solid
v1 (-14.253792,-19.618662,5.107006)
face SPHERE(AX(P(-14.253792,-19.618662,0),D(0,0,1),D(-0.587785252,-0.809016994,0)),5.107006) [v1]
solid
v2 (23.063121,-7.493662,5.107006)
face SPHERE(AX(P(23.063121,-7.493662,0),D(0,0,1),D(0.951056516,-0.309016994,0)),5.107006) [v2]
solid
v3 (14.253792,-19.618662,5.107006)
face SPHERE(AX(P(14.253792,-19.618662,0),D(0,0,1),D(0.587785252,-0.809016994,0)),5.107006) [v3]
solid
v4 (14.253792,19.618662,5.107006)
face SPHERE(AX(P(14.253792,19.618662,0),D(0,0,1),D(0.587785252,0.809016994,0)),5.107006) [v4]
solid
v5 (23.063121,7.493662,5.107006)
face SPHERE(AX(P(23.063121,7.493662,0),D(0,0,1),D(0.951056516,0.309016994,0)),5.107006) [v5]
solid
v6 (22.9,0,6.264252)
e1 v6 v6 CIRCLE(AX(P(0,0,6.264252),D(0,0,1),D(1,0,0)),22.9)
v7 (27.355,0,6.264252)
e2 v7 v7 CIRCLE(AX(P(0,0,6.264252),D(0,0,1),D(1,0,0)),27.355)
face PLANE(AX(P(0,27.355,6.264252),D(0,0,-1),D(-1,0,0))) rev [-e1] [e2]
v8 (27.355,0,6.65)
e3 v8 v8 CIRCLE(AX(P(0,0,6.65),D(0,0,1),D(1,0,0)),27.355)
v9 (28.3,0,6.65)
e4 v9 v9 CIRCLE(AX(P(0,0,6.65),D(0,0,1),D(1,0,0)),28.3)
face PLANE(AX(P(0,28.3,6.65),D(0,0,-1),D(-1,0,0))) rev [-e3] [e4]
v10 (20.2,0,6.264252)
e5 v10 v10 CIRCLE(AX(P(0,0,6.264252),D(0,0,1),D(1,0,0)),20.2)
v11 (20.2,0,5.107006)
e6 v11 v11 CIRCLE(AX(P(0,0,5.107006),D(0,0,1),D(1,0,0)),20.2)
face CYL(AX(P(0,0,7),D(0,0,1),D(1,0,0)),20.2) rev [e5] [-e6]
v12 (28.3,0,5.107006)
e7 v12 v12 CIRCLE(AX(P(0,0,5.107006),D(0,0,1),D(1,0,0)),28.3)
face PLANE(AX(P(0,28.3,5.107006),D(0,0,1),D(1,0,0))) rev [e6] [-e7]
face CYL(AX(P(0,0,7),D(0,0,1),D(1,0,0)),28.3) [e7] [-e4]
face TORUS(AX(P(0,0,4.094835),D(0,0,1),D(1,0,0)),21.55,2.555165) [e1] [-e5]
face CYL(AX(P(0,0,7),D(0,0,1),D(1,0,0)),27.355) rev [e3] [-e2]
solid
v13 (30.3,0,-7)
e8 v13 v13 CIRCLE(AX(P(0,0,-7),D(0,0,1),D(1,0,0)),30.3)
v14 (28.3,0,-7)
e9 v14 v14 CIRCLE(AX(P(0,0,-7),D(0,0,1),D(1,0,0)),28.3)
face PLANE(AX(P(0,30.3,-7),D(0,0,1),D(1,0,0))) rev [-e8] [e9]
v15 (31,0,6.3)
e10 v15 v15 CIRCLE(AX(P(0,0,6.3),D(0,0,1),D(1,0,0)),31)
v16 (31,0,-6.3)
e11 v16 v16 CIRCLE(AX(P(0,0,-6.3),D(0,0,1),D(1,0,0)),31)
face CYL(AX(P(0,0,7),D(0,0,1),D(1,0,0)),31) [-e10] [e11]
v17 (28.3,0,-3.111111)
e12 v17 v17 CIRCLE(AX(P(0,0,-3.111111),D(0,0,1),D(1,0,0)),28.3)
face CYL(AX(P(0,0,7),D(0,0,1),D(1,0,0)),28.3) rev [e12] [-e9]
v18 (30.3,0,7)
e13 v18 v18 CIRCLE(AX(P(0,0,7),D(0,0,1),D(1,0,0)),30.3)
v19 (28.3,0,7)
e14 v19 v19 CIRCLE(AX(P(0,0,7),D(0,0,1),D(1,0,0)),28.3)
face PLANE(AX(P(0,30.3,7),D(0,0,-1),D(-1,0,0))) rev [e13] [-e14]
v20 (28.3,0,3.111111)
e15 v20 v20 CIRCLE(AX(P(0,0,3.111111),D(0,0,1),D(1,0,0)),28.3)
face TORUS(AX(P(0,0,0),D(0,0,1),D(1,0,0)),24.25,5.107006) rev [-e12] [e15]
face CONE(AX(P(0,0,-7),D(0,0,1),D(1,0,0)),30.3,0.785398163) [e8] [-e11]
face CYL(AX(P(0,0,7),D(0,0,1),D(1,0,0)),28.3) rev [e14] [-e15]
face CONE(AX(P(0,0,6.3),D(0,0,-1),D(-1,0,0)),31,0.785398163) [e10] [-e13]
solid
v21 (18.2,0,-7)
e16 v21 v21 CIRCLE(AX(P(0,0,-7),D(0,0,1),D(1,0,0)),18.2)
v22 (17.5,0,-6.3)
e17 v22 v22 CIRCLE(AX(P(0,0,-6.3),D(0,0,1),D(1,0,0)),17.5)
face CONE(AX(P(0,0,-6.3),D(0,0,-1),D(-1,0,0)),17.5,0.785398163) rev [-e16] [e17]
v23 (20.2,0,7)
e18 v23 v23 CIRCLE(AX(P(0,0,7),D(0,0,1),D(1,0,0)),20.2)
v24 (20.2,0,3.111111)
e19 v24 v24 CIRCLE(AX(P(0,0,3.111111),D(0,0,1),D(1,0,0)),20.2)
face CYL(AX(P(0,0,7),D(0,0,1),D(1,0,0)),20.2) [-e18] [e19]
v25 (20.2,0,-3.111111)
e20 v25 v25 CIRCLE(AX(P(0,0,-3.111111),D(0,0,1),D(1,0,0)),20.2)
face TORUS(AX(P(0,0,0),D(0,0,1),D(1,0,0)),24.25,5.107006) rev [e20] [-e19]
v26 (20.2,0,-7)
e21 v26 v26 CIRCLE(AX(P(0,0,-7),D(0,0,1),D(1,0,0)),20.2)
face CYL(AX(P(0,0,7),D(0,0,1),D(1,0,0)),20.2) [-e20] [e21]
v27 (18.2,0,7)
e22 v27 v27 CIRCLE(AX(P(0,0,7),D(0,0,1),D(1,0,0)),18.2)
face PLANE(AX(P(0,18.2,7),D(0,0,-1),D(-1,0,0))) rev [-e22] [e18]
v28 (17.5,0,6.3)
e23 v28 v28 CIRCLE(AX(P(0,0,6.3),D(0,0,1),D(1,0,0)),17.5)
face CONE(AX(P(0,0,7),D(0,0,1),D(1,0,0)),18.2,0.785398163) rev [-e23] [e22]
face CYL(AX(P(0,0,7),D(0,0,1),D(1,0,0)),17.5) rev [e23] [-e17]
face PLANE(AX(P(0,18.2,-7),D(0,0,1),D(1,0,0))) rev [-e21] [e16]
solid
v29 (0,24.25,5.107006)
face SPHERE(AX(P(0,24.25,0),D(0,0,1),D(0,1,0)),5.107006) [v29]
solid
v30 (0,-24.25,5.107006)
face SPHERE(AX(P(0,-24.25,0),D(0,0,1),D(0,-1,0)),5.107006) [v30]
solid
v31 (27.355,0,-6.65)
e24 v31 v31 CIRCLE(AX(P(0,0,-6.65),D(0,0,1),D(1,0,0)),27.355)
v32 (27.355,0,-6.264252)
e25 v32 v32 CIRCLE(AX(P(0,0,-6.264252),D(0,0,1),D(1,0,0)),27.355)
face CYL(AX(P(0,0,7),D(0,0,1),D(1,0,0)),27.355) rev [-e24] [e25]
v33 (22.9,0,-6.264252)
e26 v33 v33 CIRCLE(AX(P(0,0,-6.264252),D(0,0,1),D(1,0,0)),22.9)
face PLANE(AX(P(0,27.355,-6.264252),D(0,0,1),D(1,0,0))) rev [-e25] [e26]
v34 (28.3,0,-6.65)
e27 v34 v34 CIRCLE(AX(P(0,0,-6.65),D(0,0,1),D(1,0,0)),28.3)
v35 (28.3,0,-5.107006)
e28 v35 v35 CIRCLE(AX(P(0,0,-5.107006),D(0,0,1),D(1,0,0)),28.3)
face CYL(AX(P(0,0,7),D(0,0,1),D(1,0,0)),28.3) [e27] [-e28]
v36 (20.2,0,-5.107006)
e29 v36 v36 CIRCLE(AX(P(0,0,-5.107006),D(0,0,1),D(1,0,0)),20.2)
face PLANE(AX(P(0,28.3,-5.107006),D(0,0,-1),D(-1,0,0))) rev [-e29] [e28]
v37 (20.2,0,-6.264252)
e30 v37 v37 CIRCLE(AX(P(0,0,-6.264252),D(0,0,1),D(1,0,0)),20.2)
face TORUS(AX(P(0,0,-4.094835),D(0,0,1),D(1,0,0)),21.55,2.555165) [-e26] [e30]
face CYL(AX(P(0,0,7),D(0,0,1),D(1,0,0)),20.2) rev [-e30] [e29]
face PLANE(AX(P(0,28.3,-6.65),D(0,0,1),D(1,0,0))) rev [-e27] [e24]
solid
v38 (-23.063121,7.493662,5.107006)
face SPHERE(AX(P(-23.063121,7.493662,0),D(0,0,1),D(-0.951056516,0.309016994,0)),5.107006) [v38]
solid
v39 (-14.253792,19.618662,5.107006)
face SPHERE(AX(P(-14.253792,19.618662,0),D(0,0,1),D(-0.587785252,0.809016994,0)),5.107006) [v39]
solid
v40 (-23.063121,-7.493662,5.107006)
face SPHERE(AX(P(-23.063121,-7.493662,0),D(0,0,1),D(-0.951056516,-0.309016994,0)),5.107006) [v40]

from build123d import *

# Parameters (mm, degrees)
CIRPATTERN1_COUNT = 10


with BuildPart() as part:
    # Sketch3 → Revolve1 (revolve)
    with BuildSketch(Plane(origin=(0, 0, 0), x_dir=(0, 0, -1), z_dir=(1, 0, 0)), mode=Mode.PRIVATE) as revolve1_sk:
        with BuildLine():
            Line((-7, 30.3), (-7, 28.3))
            Line((-7, 28.3), (-3.111111111, 28.3))
            ThreePointArc((-3.111111111, 28.3), (0, 29.357006202), (3.111111111, 28.3))
            Line((3.111111111, 28.3), (7, 28.3))
            Line((7, 28.3), (7, 30.3))
            Line((7, 30.3), (6.3, 31))
            Line((6.3, 31), (-6.3, 31))
            Line((-6.3, 31), (-7, 30.3))
        make_face()
        with BuildLine():
            Line((-7, 18.2), (-7, 20.2))
            Line((-7, 20.2), (-3.111111111, 20.2))
            ThreePointArc((-3.111111111, 20.2), (0, 19.142993798), (3.111111111, 20.2))
            Line((3.111111111, 20.2), (7, 20.2))
            Line((7, 20.2), (7, 18.2))
            Line((7, 18.2), (6.3, 17.5))
            Line((6.3, 17.5), (-6.3, 17.5))
            Line((-6.3, 17.5), (-7, 18.2))
        make_face()
    revolve(revolve1_sk.sketch.rotate(Axis((0, 0, 7), (0, 0, -1)), 90), axis=Axis((0, 0, 7), (0, 0, -1)))


with BuildPart() as body_2:
    # Sketch4 → Revolve2 (revolve)
    with BuildSketch(Plane(origin=(0, 0, 0), x_dir=(0, 0, -1), z_dir=(1, 0, 0))):
        with BuildLine():
            Line((-5.107006202, 24.25), (5.107006202, 24.25))
            ThreePointArc((5.107006202, 24.25), (0, 29.357006202), (-5.107006202, 24.25))
        make_face()
    revolve(axis=Axis((0, 24.25, 5.107006202), (0, 0, -1)))


with BuildPart() as cirpattern1_1:
    # CirPattern1: pattern copy
    add(body_2.part.rotate(Axis((0, 0, 0), (0, 0, 1)), 1 * 360 / CIRPATTERN1_COUNT))


with BuildPart() as cirpattern1_2:
    # CirPattern1: pattern copy
    add(body_2.part.rotate(Axis((0, 0, 0), (0, 0, 1)), 2 * 360 / CIRPATTERN1_COUNT))


with BuildPart() as cirpattern1_3:
    # CirPattern1: pattern copy
    add(body_2.part.rotate(Axis((0, 0, 0), (0, 0, 1)), 3 * 360 / CIRPATTERN1_COUNT))


with BuildPart() as cirpattern1_4:
    # CirPattern1: pattern copy
    add(body_2.part.rotate(Axis((0, 0, 0), (0, 0, 1)), 4 * 360 / CIRPATTERN1_COUNT))


with BuildPart() as cirpattern1_5:
    # CirPattern1: pattern copy
    add(body_2.part.rotate(Axis((0, 0, 0), (0, 0, 1)), 5 * 360 / CIRPATTERN1_COUNT))


with BuildPart() as cirpattern1_6:
    # CirPattern1: pattern copy
    add(body_2.part.rotate(Axis((0, 0, 0), (0, 0, 1)), 6 * 360 / CIRPATTERN1_COUNT))


with BuildPart() as cirpattern1_7:
    # CirPattern1: pattern copy
    add(body_2.part.rotate(Axis((0, 0, 0), (0, 0, 1)), 7 * 360 / CIRPATTERN1_COUNT))


with BuildPart() as cirpattern1_8:
    # CirPattern1: pattern copy
    add(body_2.part.rotate(Axis((0, 0, 0), (0, 0, 1)), 8 * 360 / CIRPATTERN1_COUNT))


with BuildPart() as cirpattern1_9:
    # CirPattern1: pattern copy
    add(body_2.part.rotate(Axis((0, 0, 0), (0, 0, 1)), 9 * 360 / CIRPATTERN1_COUNT))


with BuildPart() as body_12:
    # Sketch5 → Revolve3 (revolve)
    with BuildSketch(Plane(origin=(0, 0, 0), x_dir=(0, 0, -1), z_dir=(1, 0, 0)), mode=Mode.PRIVATE) as revolve3_sk:
        with BuildLine():
            Line((-6.65, 28.3), (-5.107006202, 28.3))
            Line((-5.107006202, 28.3), (-5.107006202, 20.2))
            Line((-5.107006202, 20.2), (-6.26425155, 20.2))
            ThreePointArc((-6.26425155, 20.2), (-6.65, 21.55), (-6.26425155, 22.9))
            Line((-6.26425155, 22.9), (-6.26425155, 27.355))
            Line((-6.26425155, 27.355), (-6.65, 27.355))
            Line((-6.65, 27.355), (-6.65, 28.3))
        make_face()
        with BuildLine():
            Line((6.26425155, 20.2), (5.107006202, 20.2))
            Line((5.107006202, 20.2), (5.107006202, 28.3))
            Line((5.107006202, 28.3), (6.65, 28.3))
            Line((6.65, 28.3), (6.65, 27.355))
            Line((6.65, 27.355), (6.26425155, 27.355))
            Line((6.26425155, 27.355), (6.26425155, 22.9))
            ThreePointArc((6.26425155, 22.9), (6.65, 21.55), (6.26425155, 20.2))
        make_face()
    revolve(revolve3_sk.sketch.rotate(Axis((0, 0, 7), (0, 0, -1)), 90), axis=Axis((0, 0, 7), (0, 0, -1)))


solid = Compound([part.part, body_2.part, cirpattern1_1.part, cirpattern1_2.part, cirpattern1_3.part, cirpattern1_4.part, cirpattern1_5.part, cirpattern1_6.part, cirpattern1_7.part, cirpattern1_8.part, cirpattern1_9.part, body_12.part])
